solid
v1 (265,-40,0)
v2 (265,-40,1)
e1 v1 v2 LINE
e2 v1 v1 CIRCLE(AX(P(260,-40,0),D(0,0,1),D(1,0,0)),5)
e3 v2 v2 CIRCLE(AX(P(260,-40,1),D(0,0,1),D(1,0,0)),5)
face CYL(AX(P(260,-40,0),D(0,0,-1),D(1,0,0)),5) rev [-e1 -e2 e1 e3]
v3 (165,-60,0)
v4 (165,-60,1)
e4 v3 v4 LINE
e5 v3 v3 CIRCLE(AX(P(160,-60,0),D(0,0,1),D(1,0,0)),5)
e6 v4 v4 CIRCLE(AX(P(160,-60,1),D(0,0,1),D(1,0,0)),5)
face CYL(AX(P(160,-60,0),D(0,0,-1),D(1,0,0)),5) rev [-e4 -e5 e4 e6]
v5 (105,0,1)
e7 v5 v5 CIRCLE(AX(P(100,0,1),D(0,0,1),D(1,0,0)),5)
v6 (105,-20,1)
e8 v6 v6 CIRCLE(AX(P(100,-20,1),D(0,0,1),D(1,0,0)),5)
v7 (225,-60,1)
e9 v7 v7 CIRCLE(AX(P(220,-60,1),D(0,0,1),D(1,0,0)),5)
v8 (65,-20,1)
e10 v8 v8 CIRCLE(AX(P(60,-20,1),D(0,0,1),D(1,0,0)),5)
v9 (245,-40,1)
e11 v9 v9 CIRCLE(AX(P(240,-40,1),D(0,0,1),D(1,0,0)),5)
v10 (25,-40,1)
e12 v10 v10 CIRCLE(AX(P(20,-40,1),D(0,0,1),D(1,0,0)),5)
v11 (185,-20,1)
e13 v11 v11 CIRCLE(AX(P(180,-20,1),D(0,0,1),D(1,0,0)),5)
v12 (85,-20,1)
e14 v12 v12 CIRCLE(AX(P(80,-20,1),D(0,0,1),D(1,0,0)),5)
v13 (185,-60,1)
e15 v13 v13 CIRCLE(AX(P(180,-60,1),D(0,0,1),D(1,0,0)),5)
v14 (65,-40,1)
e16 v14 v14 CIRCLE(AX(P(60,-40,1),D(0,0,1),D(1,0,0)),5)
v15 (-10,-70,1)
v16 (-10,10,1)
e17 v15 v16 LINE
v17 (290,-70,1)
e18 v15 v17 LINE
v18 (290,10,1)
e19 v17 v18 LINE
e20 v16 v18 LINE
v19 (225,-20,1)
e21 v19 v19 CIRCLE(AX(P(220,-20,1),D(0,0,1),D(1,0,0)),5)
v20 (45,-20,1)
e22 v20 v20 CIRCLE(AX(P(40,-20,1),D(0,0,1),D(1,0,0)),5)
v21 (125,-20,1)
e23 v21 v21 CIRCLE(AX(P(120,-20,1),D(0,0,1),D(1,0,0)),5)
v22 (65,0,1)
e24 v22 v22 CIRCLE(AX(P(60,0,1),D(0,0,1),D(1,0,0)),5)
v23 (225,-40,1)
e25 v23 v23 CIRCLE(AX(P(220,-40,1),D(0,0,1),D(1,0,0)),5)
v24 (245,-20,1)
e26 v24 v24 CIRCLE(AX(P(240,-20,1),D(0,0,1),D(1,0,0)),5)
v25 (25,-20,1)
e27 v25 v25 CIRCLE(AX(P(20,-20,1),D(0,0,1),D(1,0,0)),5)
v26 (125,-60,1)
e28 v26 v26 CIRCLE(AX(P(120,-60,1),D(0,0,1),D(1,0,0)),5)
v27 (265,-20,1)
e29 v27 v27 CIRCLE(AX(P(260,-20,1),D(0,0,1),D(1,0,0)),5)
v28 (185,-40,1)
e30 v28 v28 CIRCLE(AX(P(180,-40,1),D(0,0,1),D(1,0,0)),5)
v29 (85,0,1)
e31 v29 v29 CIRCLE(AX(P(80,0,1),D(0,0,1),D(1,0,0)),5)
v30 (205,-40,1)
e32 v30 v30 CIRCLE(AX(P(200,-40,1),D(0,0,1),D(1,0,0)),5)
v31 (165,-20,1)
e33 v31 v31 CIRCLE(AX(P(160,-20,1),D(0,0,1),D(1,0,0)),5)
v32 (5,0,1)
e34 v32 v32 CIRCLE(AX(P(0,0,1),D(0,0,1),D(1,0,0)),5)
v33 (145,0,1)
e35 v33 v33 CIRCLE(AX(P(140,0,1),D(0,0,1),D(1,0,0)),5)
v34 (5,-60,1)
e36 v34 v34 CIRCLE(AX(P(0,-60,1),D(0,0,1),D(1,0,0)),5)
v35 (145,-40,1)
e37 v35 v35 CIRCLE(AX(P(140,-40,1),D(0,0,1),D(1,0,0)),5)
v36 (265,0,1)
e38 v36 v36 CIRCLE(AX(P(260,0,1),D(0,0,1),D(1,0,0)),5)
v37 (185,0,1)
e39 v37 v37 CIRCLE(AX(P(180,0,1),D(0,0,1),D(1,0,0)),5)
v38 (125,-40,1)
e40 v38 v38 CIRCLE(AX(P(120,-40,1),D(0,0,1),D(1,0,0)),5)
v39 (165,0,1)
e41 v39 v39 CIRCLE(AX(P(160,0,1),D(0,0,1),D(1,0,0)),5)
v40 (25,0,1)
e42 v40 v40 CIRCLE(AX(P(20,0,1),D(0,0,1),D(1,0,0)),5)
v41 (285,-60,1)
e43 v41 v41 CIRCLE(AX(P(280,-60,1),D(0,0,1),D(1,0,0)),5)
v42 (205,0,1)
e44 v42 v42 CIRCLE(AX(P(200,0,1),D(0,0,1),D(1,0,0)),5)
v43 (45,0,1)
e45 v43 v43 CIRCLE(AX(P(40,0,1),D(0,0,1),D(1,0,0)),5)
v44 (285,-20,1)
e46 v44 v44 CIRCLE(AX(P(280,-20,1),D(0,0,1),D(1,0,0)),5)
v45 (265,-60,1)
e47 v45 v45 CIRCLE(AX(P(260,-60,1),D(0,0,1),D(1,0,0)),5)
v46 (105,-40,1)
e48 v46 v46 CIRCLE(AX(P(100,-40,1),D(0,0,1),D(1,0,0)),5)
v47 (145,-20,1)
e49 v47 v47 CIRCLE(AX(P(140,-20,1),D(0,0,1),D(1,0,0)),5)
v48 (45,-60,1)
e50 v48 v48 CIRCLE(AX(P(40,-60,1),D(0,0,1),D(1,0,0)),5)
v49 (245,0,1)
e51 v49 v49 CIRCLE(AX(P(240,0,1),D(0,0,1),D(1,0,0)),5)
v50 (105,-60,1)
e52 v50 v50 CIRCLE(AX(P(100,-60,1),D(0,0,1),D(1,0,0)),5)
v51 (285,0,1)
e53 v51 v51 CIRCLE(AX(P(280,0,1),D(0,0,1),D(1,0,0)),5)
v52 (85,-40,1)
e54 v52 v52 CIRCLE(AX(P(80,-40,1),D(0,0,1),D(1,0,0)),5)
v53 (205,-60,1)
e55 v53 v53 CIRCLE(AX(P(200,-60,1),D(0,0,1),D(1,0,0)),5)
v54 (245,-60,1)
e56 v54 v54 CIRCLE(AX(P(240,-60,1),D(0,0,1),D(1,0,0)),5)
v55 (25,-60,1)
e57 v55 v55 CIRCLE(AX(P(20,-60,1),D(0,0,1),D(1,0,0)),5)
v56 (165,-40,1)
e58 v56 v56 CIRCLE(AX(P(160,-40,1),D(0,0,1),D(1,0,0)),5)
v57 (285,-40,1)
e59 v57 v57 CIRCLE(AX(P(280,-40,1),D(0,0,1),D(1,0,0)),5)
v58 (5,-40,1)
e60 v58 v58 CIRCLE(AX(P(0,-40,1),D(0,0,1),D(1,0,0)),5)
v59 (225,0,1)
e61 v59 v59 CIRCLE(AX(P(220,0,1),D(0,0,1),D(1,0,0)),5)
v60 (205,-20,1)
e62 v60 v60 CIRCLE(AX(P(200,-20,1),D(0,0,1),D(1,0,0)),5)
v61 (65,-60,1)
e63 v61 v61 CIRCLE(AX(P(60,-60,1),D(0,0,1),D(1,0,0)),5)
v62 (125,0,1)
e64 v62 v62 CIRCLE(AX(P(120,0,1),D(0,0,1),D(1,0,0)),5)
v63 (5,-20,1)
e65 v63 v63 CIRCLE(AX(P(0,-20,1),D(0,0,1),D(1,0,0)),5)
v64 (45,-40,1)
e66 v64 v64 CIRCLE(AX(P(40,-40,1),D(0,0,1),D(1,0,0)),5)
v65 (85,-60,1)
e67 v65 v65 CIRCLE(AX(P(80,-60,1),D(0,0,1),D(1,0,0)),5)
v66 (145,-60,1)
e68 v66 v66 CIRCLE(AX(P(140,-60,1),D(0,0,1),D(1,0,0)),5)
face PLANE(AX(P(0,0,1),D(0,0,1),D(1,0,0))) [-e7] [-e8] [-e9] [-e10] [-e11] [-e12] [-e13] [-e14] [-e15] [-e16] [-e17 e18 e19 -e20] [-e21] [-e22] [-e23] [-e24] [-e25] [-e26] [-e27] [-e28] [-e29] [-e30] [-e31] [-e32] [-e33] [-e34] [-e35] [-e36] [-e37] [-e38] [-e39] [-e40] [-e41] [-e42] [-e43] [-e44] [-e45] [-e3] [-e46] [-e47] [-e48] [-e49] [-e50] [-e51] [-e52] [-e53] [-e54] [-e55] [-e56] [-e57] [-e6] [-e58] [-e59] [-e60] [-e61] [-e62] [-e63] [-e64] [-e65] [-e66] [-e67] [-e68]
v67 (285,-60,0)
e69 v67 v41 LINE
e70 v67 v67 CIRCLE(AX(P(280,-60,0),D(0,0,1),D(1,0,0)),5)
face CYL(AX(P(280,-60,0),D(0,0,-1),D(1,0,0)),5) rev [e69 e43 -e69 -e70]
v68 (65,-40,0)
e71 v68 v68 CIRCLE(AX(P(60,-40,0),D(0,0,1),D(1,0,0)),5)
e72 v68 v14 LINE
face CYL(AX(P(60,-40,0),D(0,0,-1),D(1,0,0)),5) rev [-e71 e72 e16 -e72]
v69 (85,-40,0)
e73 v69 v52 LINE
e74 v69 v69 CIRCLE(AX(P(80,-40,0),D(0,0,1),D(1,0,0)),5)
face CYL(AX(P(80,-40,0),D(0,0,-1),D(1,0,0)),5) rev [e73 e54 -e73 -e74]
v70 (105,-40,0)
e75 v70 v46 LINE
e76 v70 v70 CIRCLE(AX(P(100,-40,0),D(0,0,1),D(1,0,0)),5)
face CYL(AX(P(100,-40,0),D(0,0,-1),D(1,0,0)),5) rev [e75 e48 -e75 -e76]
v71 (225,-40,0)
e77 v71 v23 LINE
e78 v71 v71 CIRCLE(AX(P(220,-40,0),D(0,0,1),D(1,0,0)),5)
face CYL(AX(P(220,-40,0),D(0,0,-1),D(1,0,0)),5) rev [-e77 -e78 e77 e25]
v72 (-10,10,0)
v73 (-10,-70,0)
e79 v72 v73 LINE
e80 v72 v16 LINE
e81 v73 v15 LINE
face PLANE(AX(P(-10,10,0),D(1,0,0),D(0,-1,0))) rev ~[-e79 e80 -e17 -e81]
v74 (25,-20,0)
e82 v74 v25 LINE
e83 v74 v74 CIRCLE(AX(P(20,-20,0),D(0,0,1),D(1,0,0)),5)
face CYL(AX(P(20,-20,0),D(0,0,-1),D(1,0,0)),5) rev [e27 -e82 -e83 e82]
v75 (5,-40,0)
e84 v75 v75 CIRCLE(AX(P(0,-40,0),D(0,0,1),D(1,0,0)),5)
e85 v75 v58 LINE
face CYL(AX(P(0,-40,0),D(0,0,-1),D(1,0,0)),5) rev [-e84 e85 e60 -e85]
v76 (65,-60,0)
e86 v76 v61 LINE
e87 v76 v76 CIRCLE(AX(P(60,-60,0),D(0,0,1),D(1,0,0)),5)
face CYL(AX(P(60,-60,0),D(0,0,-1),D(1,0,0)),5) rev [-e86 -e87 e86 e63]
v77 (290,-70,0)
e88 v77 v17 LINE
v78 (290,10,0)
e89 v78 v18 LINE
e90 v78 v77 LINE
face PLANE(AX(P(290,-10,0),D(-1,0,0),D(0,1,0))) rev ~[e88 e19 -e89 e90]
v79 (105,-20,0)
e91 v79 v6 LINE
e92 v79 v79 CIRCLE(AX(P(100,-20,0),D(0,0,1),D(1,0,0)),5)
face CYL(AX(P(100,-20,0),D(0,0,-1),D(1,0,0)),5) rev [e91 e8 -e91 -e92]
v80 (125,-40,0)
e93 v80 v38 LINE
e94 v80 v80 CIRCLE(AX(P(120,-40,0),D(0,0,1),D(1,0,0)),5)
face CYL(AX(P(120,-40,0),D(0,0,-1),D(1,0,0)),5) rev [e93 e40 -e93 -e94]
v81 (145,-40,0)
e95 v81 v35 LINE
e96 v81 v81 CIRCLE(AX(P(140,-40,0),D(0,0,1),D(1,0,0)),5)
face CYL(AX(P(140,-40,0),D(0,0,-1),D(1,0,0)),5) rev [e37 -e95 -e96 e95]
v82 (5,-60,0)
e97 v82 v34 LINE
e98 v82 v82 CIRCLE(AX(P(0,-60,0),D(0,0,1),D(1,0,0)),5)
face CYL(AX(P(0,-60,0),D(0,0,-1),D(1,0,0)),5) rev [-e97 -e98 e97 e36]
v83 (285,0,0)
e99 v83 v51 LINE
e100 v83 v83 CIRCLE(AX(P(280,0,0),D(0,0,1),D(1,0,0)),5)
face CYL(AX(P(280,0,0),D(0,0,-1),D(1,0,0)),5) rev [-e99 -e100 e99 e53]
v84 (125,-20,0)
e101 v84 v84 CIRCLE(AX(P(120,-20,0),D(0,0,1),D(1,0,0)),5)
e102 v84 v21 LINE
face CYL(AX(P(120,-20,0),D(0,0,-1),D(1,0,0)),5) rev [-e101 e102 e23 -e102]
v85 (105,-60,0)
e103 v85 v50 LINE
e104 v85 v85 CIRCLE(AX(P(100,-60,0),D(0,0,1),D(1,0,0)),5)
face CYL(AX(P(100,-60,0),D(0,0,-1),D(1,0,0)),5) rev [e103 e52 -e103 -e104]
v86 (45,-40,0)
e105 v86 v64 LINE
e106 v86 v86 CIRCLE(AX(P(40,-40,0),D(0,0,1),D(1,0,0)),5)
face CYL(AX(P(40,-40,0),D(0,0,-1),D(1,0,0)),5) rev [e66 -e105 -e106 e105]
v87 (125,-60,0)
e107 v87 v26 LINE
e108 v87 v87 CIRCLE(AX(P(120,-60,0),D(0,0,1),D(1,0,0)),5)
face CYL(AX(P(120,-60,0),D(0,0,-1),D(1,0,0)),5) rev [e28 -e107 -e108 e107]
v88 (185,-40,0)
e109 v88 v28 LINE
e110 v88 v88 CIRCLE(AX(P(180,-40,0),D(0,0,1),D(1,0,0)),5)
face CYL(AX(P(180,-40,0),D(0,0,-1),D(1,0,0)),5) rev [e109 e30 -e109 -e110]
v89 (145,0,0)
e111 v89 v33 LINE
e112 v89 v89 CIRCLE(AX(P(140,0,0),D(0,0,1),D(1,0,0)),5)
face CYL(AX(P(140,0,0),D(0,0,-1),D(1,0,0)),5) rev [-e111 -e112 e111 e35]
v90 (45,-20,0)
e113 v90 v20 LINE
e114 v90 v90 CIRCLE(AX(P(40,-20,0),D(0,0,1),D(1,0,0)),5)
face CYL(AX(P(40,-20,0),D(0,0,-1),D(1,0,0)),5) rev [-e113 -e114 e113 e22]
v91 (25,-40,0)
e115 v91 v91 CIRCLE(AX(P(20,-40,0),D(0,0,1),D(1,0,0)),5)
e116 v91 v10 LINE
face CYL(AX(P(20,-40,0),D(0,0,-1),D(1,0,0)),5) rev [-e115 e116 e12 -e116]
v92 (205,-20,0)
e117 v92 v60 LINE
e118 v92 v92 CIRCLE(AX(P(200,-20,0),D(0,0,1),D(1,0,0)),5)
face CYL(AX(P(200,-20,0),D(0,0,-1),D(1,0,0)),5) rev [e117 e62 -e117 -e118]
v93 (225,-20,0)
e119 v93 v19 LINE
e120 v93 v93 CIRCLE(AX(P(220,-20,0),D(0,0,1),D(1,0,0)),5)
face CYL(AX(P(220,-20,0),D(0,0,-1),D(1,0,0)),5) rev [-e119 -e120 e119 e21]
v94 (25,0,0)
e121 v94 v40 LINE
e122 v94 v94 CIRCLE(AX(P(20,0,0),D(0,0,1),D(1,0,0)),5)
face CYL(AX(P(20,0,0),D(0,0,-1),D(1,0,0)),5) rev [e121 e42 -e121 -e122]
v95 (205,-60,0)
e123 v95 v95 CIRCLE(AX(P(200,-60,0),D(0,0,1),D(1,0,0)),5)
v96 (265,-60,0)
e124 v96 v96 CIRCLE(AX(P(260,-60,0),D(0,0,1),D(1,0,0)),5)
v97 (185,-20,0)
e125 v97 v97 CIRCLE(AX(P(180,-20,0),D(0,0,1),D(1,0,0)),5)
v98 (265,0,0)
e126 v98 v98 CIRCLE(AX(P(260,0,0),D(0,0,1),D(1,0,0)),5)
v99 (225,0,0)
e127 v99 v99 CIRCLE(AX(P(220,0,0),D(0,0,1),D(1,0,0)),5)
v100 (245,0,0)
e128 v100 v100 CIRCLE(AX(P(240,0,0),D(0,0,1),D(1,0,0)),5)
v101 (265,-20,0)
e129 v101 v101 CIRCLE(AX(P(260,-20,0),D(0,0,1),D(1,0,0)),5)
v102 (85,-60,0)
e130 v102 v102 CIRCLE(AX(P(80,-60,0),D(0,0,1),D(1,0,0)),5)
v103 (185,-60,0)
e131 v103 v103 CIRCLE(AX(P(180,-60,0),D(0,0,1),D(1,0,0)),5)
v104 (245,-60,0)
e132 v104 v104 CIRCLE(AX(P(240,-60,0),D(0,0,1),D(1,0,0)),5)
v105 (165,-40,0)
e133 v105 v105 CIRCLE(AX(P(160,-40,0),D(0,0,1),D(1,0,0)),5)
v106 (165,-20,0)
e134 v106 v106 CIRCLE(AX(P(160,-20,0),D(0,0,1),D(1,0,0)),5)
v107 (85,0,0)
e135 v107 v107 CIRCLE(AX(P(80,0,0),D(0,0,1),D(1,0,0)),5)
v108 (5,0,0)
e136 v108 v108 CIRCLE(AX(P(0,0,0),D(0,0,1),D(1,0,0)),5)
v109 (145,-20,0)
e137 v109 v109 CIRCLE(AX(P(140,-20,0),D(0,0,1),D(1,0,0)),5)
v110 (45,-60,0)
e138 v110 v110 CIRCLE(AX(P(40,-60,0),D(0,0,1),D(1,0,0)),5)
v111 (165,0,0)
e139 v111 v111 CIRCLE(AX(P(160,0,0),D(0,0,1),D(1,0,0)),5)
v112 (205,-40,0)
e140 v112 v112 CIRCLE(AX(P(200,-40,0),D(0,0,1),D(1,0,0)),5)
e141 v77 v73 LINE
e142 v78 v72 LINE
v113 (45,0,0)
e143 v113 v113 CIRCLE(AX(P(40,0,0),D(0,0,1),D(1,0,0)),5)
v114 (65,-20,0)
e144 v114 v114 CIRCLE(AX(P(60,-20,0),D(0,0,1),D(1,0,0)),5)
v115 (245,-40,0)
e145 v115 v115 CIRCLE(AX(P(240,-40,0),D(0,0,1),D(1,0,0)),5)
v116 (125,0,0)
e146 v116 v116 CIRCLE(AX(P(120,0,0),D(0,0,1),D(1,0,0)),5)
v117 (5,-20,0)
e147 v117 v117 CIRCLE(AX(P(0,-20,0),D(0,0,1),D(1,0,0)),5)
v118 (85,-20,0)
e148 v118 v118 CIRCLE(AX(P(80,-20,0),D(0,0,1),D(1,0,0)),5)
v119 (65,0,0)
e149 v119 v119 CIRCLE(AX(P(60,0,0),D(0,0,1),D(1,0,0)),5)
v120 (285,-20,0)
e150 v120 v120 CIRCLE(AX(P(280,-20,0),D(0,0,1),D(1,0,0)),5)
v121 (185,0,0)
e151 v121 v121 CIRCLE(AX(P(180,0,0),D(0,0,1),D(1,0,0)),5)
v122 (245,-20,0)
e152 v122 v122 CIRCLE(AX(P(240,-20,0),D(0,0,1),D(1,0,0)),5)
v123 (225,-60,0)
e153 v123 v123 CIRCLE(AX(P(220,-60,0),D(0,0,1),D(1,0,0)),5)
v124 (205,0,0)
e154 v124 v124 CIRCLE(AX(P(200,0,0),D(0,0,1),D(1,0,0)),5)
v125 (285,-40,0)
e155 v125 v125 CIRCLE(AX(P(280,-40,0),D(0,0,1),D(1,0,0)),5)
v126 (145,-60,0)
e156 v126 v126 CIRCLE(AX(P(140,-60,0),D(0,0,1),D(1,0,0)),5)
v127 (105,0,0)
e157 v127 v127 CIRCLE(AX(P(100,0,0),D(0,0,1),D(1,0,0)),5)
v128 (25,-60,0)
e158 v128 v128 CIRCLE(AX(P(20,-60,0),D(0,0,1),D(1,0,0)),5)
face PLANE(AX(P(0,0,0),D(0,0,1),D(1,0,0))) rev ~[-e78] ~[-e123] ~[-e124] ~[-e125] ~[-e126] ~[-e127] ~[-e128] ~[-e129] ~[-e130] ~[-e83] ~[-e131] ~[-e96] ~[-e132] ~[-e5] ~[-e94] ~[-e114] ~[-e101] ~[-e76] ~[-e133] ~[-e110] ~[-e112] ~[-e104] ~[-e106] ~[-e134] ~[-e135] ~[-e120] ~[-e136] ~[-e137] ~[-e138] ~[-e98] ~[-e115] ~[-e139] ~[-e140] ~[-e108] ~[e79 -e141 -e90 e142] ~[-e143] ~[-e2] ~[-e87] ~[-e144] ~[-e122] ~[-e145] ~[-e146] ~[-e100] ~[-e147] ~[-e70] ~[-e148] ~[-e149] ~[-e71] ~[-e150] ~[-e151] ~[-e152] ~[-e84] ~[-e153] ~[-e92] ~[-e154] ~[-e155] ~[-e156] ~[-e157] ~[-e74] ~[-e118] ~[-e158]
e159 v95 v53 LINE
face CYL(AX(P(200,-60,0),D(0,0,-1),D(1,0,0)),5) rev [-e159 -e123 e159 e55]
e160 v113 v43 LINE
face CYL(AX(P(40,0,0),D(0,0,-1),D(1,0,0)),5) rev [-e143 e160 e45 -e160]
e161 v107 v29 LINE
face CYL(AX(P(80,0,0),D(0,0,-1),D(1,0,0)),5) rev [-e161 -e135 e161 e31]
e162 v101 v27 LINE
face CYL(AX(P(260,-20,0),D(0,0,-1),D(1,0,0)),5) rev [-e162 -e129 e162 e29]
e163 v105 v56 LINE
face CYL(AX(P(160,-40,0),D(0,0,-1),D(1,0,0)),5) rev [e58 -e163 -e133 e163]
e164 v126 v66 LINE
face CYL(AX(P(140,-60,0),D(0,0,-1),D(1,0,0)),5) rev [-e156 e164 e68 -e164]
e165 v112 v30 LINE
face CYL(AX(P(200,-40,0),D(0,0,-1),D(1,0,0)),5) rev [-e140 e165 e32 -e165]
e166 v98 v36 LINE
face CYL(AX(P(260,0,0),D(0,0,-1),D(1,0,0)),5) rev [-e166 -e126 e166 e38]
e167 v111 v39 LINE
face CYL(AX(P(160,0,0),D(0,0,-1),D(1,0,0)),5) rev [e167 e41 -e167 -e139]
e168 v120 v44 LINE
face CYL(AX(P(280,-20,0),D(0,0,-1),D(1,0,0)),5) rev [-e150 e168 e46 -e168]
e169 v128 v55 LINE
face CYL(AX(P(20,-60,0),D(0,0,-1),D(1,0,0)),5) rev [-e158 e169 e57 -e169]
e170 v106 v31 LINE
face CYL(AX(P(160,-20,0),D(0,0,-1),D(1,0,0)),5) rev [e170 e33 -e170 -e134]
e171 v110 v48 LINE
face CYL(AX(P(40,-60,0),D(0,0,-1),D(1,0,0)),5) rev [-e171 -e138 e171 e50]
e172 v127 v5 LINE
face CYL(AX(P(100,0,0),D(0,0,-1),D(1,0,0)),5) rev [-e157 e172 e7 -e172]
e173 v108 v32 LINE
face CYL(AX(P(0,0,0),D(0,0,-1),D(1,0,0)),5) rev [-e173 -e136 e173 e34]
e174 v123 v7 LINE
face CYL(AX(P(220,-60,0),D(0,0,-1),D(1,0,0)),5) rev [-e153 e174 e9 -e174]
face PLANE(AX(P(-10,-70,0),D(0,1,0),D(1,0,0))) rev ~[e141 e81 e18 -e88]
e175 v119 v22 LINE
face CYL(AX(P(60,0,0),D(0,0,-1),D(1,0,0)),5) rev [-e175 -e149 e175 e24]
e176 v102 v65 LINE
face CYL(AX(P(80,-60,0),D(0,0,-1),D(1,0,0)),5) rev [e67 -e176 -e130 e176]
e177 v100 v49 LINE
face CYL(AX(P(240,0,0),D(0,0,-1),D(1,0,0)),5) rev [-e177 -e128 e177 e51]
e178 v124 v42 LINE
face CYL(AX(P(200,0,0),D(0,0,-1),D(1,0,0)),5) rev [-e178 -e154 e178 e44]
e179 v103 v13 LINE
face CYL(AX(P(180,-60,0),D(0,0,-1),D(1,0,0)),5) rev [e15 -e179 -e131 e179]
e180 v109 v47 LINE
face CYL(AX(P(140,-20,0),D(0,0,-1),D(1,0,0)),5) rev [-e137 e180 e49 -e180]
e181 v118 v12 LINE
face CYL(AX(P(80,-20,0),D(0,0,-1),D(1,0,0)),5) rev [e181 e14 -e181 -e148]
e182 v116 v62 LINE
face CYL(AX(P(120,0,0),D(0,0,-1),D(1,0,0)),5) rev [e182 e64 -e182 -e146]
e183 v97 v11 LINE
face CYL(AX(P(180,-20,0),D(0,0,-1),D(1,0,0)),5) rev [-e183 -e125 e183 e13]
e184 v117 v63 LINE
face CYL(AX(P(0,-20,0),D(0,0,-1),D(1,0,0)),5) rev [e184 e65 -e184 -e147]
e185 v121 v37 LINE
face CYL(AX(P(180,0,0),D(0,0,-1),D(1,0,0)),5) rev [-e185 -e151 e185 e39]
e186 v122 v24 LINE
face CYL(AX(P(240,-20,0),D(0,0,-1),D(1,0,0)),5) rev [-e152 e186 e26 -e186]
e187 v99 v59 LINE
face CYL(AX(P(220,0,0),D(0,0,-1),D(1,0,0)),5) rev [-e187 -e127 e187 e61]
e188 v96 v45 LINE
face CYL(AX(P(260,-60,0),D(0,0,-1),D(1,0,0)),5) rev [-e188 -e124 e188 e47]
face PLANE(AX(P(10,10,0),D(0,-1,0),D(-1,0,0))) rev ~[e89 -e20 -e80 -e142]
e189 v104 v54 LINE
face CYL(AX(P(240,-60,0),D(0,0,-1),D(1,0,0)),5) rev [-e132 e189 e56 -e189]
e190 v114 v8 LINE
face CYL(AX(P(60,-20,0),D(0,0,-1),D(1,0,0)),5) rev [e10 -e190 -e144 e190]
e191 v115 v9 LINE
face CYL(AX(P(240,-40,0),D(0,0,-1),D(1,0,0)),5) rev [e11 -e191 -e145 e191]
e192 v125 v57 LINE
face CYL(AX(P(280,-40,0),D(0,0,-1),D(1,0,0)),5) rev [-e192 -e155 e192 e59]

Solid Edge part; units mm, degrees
sketch "Sketch1" plane through (0, 0, 0) normal (0, 0, 1) x (1, 0, 0)
  line L0 (-10, -10) -> (10, -10)
  line L1 (10, -10) -> (10, 10)
  line L2 (10, 10) -> (-10, 10)
  line L3 (-10, 10) -> (-10, -10)
  circle A0 centre (0, 0) radius 5
  dimension "D1" = 20
  dimension "D2" = 10
extrude "Protrusion1" add sketch "Sketch1" along normal blind 1
pattern_linear "Pattern1" count 15 spacing 20 along (1, 0, 0) count 4 spacing 20 along (0, -1, 0) of "Protrusion1"
